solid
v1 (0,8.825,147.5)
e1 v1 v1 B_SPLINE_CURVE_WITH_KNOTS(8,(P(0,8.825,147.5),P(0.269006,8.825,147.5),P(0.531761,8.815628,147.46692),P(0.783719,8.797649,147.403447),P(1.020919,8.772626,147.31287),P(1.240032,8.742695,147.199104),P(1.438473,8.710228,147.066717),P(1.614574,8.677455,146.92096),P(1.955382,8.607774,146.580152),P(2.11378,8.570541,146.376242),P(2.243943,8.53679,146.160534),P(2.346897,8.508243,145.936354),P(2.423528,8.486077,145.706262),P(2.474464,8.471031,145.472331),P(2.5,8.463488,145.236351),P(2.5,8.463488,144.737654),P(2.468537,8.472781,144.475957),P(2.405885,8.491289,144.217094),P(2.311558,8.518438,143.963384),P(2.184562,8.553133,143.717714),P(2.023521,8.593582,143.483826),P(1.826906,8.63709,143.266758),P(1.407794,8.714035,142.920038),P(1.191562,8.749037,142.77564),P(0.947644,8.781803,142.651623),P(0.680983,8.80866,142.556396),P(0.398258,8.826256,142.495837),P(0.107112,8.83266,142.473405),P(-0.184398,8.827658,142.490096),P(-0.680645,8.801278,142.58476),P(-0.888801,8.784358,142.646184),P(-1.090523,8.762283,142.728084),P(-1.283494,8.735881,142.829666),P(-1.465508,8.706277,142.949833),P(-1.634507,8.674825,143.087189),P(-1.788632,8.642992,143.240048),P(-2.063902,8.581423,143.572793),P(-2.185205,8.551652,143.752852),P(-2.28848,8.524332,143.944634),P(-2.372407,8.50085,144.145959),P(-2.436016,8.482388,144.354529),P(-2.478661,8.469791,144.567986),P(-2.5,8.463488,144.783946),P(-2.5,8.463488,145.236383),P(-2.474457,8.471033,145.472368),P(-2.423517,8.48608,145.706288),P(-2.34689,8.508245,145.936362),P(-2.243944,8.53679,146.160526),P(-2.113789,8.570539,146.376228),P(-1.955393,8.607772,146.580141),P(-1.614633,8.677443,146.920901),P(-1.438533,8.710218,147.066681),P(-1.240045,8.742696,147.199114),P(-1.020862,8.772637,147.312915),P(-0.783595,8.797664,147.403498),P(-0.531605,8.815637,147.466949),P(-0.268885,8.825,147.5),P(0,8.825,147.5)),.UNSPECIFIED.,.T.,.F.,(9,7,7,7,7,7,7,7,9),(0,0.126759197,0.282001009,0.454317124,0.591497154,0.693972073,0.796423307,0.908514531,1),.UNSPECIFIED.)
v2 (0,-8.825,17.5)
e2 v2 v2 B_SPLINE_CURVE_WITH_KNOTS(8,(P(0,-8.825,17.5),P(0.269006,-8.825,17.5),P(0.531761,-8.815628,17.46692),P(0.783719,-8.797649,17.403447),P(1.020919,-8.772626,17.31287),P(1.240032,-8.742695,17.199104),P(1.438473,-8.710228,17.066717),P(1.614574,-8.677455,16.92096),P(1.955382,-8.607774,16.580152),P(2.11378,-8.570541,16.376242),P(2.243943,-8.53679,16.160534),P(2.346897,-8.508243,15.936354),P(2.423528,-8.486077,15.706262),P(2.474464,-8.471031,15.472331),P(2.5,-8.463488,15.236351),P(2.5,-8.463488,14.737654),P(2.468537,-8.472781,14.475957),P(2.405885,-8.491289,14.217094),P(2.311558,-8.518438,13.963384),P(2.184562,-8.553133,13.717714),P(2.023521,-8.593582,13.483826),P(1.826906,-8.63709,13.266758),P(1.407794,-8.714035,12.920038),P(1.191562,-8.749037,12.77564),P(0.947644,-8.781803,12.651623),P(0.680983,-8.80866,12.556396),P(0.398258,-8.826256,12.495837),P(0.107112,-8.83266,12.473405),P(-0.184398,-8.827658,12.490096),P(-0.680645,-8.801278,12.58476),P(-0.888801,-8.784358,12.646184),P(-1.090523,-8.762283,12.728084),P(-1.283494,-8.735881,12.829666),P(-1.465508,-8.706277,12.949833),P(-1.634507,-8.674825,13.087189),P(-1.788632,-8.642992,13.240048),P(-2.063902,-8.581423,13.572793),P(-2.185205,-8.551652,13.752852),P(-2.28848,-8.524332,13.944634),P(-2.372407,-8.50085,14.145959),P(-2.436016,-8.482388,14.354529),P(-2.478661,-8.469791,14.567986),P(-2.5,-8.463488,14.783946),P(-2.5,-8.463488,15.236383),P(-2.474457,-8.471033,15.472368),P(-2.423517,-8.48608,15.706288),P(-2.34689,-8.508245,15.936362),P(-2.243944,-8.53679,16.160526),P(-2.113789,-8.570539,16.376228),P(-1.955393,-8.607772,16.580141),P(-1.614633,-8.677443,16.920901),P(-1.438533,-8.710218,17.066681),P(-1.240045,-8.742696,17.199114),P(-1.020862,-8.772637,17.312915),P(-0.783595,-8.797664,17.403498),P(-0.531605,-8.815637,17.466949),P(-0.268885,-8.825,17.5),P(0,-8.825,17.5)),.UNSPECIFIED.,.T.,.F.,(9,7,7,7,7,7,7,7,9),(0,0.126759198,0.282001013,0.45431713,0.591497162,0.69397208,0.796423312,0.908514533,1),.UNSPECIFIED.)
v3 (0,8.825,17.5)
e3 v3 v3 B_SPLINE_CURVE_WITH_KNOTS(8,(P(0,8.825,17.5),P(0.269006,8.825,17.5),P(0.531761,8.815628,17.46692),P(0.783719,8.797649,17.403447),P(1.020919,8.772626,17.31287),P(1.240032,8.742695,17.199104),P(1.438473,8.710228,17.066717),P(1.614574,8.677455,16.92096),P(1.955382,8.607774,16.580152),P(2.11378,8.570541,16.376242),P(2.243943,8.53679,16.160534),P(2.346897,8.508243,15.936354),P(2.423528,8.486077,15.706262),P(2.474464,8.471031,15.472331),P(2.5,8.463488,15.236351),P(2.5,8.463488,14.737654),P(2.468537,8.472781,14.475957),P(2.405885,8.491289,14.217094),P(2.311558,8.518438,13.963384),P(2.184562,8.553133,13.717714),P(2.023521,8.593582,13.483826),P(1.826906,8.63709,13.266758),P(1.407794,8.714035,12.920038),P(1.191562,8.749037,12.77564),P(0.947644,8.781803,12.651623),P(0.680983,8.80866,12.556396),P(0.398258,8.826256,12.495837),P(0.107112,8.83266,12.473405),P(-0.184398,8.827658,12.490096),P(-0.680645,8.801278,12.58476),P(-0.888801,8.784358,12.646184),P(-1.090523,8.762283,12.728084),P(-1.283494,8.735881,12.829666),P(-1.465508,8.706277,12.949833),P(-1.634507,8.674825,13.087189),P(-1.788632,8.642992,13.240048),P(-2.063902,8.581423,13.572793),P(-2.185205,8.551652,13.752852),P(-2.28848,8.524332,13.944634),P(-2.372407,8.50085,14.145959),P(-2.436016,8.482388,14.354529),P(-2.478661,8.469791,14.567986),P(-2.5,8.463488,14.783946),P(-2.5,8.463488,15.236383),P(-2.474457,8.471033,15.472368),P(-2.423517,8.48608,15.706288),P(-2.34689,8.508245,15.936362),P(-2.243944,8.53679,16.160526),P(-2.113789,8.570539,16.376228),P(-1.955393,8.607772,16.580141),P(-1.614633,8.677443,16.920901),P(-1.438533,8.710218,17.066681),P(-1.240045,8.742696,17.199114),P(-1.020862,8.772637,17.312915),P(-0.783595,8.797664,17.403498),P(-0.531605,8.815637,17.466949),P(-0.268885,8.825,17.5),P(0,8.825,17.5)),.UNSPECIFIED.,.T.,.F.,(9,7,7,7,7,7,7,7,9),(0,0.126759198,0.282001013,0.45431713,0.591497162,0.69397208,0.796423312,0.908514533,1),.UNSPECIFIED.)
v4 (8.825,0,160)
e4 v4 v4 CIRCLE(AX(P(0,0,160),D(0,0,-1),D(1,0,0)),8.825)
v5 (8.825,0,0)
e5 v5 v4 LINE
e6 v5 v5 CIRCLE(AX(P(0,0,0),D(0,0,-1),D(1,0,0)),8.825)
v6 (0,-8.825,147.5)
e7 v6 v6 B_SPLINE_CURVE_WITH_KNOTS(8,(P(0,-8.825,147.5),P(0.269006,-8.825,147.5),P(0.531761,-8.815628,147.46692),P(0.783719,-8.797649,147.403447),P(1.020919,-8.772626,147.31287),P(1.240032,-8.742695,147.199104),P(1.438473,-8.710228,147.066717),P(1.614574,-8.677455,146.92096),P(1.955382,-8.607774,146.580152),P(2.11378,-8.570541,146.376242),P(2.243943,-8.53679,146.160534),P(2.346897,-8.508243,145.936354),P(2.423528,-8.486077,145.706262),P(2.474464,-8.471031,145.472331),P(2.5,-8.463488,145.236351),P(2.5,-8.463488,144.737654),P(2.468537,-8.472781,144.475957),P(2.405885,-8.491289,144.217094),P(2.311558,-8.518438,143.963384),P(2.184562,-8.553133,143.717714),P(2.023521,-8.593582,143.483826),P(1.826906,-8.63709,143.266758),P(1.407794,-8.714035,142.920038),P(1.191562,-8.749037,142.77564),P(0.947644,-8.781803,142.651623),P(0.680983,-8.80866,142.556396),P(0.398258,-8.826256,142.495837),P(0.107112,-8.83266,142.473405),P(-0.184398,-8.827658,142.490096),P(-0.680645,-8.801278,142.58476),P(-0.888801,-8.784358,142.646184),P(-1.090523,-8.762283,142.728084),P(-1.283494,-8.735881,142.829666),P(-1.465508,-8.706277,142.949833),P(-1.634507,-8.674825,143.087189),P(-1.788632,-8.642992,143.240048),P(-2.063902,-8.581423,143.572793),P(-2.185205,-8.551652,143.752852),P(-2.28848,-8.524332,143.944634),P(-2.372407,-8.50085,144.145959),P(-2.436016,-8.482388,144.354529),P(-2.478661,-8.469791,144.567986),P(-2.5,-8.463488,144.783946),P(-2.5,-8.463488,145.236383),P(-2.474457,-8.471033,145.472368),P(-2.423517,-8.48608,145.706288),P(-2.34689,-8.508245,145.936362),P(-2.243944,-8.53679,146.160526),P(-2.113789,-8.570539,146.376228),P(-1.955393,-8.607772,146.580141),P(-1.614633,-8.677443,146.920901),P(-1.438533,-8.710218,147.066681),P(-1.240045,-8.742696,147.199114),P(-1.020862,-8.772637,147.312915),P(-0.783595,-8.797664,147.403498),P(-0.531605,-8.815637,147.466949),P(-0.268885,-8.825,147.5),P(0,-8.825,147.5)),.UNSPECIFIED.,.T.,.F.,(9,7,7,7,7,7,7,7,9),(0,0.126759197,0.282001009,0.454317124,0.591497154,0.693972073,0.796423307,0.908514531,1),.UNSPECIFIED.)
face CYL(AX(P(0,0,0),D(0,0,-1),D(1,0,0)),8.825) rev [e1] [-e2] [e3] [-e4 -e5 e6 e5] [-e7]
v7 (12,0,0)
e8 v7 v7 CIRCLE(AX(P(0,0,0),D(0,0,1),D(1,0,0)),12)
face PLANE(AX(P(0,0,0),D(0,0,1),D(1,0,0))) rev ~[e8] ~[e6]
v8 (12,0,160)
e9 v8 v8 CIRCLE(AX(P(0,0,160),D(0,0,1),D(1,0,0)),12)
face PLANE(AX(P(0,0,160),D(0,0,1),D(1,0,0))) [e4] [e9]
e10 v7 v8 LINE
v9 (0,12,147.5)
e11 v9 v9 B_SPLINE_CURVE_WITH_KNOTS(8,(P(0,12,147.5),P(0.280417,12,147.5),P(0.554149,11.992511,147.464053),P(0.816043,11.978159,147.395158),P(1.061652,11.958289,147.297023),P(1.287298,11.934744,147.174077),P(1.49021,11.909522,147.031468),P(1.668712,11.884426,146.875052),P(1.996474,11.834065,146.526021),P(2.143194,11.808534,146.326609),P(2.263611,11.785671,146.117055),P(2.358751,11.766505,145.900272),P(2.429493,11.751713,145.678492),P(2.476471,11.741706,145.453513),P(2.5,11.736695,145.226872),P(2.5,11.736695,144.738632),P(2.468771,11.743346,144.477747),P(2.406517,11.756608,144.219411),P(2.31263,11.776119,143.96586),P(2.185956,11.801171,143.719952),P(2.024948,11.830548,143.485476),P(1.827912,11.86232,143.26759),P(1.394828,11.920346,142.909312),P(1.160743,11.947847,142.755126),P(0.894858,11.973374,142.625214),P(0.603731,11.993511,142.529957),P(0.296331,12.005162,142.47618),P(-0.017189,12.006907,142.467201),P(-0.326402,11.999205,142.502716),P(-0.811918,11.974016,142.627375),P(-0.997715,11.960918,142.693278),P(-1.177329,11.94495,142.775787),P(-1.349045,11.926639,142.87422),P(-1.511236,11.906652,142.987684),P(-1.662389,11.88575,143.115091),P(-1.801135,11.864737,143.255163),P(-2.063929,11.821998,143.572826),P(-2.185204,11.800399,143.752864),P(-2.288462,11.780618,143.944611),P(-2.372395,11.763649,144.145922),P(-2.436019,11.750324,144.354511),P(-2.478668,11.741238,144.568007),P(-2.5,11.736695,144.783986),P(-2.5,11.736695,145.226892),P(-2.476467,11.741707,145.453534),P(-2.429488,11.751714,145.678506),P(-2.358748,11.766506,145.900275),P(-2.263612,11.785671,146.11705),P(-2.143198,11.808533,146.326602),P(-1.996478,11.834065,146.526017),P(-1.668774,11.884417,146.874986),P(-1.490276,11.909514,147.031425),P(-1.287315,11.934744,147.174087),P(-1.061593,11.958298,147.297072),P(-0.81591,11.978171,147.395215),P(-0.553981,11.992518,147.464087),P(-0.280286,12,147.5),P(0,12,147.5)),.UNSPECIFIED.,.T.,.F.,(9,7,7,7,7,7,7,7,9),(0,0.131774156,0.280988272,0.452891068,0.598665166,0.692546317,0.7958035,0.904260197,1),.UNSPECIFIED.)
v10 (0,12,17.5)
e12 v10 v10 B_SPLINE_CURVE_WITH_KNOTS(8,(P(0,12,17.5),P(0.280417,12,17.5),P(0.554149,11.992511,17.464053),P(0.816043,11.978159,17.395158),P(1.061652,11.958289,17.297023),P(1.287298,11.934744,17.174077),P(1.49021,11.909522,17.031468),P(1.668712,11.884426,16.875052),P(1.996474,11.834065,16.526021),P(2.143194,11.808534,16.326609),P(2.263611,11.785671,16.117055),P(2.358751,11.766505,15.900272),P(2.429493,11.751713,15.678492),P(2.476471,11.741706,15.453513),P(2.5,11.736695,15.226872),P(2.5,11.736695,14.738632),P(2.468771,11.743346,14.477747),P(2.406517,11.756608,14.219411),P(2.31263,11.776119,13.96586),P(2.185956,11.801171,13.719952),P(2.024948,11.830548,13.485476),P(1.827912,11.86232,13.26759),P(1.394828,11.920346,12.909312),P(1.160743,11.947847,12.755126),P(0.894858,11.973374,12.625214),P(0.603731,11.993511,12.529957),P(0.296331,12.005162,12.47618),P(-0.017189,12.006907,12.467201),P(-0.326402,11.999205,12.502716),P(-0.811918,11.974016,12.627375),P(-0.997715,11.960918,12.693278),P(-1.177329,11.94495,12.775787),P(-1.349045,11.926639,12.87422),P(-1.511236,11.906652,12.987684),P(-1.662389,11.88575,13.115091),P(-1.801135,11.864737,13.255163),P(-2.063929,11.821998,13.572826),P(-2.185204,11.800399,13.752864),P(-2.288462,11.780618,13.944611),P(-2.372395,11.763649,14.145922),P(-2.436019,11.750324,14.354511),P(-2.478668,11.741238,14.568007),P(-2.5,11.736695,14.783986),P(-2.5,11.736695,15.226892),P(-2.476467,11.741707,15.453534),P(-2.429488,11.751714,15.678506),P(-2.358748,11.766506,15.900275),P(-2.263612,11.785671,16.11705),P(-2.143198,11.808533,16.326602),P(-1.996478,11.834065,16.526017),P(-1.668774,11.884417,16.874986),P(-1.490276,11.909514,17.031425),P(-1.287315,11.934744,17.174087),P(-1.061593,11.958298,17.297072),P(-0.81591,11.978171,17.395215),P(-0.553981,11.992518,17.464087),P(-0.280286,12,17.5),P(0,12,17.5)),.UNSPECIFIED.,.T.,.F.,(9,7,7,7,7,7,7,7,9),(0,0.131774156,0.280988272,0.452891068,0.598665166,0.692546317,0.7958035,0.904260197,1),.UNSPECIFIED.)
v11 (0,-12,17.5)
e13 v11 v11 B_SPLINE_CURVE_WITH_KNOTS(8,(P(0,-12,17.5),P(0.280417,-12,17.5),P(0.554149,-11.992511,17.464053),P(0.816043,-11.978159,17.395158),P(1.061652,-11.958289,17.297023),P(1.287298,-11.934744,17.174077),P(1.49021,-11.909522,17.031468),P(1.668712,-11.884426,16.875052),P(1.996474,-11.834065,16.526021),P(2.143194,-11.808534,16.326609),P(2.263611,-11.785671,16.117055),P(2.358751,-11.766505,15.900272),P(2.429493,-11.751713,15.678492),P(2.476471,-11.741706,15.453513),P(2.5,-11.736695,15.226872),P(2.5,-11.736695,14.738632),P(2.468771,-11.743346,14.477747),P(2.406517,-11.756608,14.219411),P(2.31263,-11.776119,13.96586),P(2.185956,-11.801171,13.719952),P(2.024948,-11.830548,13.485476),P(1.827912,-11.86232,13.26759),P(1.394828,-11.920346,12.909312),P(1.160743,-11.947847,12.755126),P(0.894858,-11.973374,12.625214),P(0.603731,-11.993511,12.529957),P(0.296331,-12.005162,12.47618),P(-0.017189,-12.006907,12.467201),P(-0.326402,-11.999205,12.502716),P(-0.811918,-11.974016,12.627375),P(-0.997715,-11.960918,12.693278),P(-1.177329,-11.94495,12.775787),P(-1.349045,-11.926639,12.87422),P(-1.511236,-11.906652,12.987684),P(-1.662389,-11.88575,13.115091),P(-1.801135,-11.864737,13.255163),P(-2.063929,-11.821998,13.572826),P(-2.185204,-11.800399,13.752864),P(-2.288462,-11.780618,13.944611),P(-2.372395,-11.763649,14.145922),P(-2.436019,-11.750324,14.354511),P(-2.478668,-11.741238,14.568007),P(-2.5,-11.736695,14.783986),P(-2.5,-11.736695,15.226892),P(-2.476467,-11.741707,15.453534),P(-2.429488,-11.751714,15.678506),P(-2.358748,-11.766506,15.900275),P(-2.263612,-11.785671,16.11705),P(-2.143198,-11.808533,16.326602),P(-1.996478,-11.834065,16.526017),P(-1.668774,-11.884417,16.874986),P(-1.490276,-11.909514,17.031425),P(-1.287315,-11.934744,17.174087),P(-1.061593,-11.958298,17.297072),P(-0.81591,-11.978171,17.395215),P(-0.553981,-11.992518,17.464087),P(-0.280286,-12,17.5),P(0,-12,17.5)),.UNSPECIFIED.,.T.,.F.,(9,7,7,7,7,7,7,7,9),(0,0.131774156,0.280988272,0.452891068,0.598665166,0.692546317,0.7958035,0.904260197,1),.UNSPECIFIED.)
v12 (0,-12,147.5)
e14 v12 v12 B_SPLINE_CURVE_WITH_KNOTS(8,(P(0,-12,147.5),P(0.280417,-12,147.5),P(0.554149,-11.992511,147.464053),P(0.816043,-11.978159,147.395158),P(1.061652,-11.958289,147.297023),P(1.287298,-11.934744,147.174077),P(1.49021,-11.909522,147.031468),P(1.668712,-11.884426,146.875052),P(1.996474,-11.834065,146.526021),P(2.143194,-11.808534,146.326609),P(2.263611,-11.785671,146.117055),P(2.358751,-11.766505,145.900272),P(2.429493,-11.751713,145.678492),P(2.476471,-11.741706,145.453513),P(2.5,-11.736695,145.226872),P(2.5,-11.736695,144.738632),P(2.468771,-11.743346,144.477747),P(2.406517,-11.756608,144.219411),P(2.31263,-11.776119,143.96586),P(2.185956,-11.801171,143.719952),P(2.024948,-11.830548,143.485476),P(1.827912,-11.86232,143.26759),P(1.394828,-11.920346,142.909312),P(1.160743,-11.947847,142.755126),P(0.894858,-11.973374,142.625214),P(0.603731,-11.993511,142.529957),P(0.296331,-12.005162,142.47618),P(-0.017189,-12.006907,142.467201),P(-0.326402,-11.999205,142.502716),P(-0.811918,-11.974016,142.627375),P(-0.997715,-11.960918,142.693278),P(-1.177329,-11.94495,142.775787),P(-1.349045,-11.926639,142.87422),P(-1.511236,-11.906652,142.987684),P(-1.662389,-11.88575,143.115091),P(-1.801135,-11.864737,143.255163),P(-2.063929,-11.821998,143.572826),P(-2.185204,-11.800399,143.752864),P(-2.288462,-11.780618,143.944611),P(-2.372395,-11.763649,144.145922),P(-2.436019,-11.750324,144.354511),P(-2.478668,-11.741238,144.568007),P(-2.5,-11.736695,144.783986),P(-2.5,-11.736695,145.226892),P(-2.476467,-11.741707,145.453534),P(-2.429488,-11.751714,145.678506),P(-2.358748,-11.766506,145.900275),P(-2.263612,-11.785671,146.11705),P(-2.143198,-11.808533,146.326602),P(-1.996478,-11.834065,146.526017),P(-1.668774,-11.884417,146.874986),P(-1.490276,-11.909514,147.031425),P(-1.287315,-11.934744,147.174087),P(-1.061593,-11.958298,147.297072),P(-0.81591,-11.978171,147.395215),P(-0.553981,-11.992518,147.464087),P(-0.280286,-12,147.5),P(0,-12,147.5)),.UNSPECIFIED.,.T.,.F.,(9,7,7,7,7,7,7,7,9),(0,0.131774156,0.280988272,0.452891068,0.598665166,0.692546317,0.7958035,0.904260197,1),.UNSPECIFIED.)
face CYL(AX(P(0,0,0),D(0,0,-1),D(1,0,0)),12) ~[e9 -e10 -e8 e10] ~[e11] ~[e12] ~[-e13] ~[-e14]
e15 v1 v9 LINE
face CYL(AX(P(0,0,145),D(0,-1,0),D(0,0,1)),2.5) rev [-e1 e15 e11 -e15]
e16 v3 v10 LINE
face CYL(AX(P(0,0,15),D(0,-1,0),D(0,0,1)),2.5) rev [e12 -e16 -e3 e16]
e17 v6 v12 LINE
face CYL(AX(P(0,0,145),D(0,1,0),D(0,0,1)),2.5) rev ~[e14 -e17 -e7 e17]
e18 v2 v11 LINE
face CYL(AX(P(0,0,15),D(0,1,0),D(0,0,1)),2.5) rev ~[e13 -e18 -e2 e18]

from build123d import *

# Parameters (mm, degrees)
SKETCH1_R               = 12
BOSS_EXTRUDE1_DEPTH     = 160
SHELL1_T                = -3.175
SKETCH2_R               = 2.5
CUT_EXTRUDE1_DEPTH      = 161.897482889
CUT_EXTRUDE1_DEPTH_BACK = 161.897482889


with BuildPart() as part:
    # Sketch1 → Boss-Extrude1 (new body)
    with BuildSketch(Plane.XY):
        Circle(SKETCH1_R)
    extrude(amount=BOSS_EXTRUDE1_DEPTH)

    # Shell1
    shell1_openings = [part.faces().sort_by_distance(p)[0] for p in [
        (0, 0, 160),
        (0, 0, 0),
    ]]
    offset(amount=SHELL1_T, openings=shell1_openings, kind=Kind.INTERSECTION)

    # Sketch2 → Cut-Extrude1 (cut, two sides)
    with BuildSketch(Plane(origin=(0, 0, 0), x_dir=(1, 0, 0), z_dir=(0, 1, 0))) as cut_extrude1_sk:
        with Locations(Location((0, -15, 0), (0, 0, 270))):
            Circle(SKETCH2_R)
        with Locations(Location((0, -145, 0), (0, 0, 270))):
            Circle(SKETCH2_R)
    extrude(amount=CUT_EXTRUDE1_DEPTH, mode=Mode.SUBTRACT)
    extrude(cut_extrude1_sk.sketch, amount=-CUT_EXTRUDE1_DEPTH_BACK, mode=Mode.SUBTRACT)


solid = part.part
